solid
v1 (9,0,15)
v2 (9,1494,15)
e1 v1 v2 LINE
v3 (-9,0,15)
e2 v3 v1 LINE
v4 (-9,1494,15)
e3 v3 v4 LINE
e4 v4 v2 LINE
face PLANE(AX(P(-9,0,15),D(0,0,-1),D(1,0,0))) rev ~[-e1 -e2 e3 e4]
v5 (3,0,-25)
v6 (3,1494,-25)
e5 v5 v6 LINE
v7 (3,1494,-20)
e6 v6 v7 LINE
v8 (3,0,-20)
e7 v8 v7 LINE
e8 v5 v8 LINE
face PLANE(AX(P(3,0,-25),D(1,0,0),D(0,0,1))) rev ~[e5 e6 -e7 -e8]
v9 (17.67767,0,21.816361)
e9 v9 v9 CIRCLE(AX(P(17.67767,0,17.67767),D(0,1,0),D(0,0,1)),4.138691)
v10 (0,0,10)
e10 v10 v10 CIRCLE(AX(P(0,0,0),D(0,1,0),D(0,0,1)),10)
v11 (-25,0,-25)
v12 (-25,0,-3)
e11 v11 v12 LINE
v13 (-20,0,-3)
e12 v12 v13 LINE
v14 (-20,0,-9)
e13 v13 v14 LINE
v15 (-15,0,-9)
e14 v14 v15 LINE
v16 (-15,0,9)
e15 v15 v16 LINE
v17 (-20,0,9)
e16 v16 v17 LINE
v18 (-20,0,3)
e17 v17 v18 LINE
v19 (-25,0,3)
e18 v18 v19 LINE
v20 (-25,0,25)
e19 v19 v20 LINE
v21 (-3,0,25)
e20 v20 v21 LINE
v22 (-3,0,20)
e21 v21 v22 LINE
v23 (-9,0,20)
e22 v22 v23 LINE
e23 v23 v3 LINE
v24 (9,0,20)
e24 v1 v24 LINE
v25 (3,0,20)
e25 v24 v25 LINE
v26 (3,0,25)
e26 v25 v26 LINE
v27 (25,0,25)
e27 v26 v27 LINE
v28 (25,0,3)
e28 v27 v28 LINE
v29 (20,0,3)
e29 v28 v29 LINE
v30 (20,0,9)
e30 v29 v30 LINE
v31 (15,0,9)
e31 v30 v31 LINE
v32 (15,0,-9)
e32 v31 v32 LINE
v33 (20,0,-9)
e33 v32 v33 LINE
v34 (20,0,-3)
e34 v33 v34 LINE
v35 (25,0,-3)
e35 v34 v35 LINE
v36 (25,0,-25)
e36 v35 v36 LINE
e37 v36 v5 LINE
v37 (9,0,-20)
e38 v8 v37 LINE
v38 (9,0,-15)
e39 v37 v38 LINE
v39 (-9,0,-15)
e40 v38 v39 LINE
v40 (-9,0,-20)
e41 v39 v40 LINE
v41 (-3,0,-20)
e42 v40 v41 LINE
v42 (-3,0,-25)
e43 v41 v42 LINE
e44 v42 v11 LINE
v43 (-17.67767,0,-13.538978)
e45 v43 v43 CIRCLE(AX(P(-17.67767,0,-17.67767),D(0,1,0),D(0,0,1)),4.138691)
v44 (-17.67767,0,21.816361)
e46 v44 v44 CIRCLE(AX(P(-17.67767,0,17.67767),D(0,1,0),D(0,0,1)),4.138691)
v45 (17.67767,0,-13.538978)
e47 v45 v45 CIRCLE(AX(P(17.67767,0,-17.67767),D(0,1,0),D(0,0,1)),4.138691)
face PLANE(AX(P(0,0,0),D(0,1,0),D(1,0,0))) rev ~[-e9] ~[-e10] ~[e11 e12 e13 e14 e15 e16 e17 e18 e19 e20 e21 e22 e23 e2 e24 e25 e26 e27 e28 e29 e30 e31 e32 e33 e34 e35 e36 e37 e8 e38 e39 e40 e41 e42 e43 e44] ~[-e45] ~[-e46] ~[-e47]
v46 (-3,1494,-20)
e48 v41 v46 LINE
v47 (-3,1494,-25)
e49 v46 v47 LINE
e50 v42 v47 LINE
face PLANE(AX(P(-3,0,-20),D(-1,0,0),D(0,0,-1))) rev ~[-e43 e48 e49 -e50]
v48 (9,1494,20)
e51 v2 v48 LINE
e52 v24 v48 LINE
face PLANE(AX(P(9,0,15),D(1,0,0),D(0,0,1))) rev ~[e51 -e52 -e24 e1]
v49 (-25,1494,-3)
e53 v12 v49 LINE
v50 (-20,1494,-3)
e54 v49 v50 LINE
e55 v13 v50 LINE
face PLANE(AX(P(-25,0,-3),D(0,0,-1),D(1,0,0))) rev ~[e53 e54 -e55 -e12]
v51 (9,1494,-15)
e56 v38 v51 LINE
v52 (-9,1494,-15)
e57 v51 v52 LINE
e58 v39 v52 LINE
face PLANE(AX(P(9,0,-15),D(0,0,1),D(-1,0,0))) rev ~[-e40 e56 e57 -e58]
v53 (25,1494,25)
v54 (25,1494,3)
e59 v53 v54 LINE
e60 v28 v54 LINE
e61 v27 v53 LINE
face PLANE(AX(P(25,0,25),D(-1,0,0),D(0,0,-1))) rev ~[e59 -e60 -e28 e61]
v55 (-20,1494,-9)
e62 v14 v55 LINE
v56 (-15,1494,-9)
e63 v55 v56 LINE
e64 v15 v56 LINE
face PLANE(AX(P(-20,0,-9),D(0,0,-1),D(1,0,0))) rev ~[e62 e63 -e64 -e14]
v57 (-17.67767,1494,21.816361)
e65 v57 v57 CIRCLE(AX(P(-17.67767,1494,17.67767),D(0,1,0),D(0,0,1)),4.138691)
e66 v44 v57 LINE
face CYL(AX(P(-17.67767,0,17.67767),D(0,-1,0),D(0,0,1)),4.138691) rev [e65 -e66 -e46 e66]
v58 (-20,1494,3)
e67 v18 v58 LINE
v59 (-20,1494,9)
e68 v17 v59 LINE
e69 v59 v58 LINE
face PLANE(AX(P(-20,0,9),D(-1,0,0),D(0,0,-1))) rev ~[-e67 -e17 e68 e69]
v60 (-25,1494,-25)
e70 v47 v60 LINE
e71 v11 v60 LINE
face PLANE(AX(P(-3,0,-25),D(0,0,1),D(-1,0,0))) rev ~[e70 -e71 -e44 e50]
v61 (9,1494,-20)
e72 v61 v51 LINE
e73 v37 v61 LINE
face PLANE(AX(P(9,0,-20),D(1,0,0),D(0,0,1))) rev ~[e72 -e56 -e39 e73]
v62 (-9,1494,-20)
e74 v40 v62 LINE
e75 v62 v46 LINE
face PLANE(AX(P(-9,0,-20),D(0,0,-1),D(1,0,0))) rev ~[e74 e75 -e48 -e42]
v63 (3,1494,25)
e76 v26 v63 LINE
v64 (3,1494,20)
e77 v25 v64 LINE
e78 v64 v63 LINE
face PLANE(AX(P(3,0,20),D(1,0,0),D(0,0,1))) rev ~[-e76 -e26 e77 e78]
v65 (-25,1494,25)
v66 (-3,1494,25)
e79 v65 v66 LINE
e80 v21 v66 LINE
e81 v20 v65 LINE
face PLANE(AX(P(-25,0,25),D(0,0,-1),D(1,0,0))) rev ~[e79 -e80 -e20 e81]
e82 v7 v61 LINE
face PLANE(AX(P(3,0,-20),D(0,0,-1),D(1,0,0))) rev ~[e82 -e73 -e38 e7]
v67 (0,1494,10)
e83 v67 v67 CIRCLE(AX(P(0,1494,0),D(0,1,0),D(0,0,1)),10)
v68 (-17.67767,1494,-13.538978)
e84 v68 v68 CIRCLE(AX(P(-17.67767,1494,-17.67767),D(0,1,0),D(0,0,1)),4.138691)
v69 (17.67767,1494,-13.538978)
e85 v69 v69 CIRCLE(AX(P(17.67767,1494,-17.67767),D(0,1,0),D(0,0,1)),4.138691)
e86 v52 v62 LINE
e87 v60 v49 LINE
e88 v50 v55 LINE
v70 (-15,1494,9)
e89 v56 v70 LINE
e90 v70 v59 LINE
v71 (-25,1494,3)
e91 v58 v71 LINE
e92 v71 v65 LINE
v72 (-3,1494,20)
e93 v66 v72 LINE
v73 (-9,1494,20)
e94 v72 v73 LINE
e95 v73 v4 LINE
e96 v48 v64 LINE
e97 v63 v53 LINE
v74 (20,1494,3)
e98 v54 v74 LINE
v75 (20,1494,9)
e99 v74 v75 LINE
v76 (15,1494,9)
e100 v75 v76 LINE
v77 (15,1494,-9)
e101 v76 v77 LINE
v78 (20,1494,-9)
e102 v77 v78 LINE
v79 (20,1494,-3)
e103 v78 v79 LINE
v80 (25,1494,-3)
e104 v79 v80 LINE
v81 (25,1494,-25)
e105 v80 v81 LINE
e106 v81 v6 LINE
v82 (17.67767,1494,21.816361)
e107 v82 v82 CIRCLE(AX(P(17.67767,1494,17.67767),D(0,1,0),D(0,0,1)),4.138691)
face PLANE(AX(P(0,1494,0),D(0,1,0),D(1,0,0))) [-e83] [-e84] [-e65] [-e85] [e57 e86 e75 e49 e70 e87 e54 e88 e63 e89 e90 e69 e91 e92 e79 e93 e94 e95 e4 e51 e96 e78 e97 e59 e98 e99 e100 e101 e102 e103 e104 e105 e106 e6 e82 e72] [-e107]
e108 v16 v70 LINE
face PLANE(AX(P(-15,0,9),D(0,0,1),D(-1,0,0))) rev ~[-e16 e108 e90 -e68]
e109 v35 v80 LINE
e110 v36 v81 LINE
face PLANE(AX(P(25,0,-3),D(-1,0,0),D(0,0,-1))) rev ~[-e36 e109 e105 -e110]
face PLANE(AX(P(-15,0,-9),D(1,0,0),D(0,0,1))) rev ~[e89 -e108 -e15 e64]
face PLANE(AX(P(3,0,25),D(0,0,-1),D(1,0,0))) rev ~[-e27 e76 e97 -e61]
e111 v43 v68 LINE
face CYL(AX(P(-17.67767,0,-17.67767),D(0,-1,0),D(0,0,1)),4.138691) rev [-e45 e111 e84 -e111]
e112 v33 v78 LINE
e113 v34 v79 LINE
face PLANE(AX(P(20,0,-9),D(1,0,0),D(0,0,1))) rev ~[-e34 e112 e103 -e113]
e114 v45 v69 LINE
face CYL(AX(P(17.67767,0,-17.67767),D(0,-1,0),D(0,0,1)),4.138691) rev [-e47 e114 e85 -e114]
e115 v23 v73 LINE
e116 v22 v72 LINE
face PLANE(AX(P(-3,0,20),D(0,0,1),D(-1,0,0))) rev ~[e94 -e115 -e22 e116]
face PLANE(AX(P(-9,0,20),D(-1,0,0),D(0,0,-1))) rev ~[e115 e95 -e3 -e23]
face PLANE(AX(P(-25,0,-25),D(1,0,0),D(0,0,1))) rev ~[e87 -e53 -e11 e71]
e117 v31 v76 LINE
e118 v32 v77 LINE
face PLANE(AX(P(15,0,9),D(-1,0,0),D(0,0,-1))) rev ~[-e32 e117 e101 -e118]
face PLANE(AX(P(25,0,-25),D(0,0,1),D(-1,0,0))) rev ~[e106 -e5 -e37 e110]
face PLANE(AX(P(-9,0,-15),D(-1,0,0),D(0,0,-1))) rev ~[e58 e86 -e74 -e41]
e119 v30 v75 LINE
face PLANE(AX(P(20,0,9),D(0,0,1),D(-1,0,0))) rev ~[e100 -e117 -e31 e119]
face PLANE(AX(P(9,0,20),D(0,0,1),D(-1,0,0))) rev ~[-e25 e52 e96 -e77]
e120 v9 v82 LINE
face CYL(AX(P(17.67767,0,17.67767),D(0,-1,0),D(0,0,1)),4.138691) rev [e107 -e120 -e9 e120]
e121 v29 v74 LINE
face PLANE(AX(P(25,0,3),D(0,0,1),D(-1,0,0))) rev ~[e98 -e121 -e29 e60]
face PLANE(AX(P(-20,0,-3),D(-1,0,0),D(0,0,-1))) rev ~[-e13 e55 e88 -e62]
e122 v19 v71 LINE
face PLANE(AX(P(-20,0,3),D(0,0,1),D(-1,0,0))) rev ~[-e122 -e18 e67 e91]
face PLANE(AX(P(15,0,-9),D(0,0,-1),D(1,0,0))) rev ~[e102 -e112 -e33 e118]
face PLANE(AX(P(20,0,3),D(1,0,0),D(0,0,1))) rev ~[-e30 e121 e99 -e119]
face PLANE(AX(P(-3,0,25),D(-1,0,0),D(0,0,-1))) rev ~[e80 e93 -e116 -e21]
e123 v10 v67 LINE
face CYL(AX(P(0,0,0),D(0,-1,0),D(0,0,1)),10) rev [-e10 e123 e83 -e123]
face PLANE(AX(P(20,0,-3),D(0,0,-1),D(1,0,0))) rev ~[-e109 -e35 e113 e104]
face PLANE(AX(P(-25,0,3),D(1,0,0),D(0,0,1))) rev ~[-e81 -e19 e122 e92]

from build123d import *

# Parameters (mm, degrees)
SKETCH1_R           = 10
SKETCH1_R_2         = 4.138691164
BOSS_EXTRUDE1_DEPTH = 1494


with BuildPart() as part:
    # Sketch1 → Boss-Extrude1 (new body)
    with BuildSketch(Plane(origin=(0, 0, 0), x_dir=(1, 0, 0), z_dir=(0, 1, 0))):
        Polygon((-25, -3), (-25, -25), (-3, -25), (-3, -20), (-9, -20), (-9, -15), (9, -15), (9, -20), (3, -20), (3, -25), (25, -25), (25, -3), (20, -3), (20, -9), (15, -9), (15, 9), (20, 9), (20, 3), (25, 3), (25, 25), (3, 25), (3, 20), (9, 20), (9, 15), (-9, 15), (-9, 20), (-3, 20), (-3, 25), (-25, 25), (-25, 3), (-20, 3), (-20, 9), (-15, 9), (-15, -9), (-20, -9), (-20, -3), align=None)
        with Locations(Location((0, 0, 0), (0, 0, 270))):
            Circle(SKETCH1_R, mode=Mode.SUBTRACT)
        with Locations(Location((-17.67766953, 17.67766953, 0), (0, 0, 270))):
            Circle(SKETCH1_R_2, mode=Mode.SUBTRACT)
        with Locations(Location((17.67766953, 17.67766953, 0), (0, 0, 270))):
            Circle(SKETCH1_R_2, mode=Mode.SUBTRACT)
        with Locations(Location((17.67766953, -17.67766953, 0), (0, 0, 270))):
            Circle(SKETCH1_R_2, mode=Mode.SUBTRACT)
        with Locations(Location((-17.67766953, -17.67766953, 0), (0, 0, 270))):
            Circle(SKETCH1_R_2, mode=Mode.SUBTRACT)
    extrude(amount=BOSS_EXTRUDE1_DEPTH)


solid = part.part
